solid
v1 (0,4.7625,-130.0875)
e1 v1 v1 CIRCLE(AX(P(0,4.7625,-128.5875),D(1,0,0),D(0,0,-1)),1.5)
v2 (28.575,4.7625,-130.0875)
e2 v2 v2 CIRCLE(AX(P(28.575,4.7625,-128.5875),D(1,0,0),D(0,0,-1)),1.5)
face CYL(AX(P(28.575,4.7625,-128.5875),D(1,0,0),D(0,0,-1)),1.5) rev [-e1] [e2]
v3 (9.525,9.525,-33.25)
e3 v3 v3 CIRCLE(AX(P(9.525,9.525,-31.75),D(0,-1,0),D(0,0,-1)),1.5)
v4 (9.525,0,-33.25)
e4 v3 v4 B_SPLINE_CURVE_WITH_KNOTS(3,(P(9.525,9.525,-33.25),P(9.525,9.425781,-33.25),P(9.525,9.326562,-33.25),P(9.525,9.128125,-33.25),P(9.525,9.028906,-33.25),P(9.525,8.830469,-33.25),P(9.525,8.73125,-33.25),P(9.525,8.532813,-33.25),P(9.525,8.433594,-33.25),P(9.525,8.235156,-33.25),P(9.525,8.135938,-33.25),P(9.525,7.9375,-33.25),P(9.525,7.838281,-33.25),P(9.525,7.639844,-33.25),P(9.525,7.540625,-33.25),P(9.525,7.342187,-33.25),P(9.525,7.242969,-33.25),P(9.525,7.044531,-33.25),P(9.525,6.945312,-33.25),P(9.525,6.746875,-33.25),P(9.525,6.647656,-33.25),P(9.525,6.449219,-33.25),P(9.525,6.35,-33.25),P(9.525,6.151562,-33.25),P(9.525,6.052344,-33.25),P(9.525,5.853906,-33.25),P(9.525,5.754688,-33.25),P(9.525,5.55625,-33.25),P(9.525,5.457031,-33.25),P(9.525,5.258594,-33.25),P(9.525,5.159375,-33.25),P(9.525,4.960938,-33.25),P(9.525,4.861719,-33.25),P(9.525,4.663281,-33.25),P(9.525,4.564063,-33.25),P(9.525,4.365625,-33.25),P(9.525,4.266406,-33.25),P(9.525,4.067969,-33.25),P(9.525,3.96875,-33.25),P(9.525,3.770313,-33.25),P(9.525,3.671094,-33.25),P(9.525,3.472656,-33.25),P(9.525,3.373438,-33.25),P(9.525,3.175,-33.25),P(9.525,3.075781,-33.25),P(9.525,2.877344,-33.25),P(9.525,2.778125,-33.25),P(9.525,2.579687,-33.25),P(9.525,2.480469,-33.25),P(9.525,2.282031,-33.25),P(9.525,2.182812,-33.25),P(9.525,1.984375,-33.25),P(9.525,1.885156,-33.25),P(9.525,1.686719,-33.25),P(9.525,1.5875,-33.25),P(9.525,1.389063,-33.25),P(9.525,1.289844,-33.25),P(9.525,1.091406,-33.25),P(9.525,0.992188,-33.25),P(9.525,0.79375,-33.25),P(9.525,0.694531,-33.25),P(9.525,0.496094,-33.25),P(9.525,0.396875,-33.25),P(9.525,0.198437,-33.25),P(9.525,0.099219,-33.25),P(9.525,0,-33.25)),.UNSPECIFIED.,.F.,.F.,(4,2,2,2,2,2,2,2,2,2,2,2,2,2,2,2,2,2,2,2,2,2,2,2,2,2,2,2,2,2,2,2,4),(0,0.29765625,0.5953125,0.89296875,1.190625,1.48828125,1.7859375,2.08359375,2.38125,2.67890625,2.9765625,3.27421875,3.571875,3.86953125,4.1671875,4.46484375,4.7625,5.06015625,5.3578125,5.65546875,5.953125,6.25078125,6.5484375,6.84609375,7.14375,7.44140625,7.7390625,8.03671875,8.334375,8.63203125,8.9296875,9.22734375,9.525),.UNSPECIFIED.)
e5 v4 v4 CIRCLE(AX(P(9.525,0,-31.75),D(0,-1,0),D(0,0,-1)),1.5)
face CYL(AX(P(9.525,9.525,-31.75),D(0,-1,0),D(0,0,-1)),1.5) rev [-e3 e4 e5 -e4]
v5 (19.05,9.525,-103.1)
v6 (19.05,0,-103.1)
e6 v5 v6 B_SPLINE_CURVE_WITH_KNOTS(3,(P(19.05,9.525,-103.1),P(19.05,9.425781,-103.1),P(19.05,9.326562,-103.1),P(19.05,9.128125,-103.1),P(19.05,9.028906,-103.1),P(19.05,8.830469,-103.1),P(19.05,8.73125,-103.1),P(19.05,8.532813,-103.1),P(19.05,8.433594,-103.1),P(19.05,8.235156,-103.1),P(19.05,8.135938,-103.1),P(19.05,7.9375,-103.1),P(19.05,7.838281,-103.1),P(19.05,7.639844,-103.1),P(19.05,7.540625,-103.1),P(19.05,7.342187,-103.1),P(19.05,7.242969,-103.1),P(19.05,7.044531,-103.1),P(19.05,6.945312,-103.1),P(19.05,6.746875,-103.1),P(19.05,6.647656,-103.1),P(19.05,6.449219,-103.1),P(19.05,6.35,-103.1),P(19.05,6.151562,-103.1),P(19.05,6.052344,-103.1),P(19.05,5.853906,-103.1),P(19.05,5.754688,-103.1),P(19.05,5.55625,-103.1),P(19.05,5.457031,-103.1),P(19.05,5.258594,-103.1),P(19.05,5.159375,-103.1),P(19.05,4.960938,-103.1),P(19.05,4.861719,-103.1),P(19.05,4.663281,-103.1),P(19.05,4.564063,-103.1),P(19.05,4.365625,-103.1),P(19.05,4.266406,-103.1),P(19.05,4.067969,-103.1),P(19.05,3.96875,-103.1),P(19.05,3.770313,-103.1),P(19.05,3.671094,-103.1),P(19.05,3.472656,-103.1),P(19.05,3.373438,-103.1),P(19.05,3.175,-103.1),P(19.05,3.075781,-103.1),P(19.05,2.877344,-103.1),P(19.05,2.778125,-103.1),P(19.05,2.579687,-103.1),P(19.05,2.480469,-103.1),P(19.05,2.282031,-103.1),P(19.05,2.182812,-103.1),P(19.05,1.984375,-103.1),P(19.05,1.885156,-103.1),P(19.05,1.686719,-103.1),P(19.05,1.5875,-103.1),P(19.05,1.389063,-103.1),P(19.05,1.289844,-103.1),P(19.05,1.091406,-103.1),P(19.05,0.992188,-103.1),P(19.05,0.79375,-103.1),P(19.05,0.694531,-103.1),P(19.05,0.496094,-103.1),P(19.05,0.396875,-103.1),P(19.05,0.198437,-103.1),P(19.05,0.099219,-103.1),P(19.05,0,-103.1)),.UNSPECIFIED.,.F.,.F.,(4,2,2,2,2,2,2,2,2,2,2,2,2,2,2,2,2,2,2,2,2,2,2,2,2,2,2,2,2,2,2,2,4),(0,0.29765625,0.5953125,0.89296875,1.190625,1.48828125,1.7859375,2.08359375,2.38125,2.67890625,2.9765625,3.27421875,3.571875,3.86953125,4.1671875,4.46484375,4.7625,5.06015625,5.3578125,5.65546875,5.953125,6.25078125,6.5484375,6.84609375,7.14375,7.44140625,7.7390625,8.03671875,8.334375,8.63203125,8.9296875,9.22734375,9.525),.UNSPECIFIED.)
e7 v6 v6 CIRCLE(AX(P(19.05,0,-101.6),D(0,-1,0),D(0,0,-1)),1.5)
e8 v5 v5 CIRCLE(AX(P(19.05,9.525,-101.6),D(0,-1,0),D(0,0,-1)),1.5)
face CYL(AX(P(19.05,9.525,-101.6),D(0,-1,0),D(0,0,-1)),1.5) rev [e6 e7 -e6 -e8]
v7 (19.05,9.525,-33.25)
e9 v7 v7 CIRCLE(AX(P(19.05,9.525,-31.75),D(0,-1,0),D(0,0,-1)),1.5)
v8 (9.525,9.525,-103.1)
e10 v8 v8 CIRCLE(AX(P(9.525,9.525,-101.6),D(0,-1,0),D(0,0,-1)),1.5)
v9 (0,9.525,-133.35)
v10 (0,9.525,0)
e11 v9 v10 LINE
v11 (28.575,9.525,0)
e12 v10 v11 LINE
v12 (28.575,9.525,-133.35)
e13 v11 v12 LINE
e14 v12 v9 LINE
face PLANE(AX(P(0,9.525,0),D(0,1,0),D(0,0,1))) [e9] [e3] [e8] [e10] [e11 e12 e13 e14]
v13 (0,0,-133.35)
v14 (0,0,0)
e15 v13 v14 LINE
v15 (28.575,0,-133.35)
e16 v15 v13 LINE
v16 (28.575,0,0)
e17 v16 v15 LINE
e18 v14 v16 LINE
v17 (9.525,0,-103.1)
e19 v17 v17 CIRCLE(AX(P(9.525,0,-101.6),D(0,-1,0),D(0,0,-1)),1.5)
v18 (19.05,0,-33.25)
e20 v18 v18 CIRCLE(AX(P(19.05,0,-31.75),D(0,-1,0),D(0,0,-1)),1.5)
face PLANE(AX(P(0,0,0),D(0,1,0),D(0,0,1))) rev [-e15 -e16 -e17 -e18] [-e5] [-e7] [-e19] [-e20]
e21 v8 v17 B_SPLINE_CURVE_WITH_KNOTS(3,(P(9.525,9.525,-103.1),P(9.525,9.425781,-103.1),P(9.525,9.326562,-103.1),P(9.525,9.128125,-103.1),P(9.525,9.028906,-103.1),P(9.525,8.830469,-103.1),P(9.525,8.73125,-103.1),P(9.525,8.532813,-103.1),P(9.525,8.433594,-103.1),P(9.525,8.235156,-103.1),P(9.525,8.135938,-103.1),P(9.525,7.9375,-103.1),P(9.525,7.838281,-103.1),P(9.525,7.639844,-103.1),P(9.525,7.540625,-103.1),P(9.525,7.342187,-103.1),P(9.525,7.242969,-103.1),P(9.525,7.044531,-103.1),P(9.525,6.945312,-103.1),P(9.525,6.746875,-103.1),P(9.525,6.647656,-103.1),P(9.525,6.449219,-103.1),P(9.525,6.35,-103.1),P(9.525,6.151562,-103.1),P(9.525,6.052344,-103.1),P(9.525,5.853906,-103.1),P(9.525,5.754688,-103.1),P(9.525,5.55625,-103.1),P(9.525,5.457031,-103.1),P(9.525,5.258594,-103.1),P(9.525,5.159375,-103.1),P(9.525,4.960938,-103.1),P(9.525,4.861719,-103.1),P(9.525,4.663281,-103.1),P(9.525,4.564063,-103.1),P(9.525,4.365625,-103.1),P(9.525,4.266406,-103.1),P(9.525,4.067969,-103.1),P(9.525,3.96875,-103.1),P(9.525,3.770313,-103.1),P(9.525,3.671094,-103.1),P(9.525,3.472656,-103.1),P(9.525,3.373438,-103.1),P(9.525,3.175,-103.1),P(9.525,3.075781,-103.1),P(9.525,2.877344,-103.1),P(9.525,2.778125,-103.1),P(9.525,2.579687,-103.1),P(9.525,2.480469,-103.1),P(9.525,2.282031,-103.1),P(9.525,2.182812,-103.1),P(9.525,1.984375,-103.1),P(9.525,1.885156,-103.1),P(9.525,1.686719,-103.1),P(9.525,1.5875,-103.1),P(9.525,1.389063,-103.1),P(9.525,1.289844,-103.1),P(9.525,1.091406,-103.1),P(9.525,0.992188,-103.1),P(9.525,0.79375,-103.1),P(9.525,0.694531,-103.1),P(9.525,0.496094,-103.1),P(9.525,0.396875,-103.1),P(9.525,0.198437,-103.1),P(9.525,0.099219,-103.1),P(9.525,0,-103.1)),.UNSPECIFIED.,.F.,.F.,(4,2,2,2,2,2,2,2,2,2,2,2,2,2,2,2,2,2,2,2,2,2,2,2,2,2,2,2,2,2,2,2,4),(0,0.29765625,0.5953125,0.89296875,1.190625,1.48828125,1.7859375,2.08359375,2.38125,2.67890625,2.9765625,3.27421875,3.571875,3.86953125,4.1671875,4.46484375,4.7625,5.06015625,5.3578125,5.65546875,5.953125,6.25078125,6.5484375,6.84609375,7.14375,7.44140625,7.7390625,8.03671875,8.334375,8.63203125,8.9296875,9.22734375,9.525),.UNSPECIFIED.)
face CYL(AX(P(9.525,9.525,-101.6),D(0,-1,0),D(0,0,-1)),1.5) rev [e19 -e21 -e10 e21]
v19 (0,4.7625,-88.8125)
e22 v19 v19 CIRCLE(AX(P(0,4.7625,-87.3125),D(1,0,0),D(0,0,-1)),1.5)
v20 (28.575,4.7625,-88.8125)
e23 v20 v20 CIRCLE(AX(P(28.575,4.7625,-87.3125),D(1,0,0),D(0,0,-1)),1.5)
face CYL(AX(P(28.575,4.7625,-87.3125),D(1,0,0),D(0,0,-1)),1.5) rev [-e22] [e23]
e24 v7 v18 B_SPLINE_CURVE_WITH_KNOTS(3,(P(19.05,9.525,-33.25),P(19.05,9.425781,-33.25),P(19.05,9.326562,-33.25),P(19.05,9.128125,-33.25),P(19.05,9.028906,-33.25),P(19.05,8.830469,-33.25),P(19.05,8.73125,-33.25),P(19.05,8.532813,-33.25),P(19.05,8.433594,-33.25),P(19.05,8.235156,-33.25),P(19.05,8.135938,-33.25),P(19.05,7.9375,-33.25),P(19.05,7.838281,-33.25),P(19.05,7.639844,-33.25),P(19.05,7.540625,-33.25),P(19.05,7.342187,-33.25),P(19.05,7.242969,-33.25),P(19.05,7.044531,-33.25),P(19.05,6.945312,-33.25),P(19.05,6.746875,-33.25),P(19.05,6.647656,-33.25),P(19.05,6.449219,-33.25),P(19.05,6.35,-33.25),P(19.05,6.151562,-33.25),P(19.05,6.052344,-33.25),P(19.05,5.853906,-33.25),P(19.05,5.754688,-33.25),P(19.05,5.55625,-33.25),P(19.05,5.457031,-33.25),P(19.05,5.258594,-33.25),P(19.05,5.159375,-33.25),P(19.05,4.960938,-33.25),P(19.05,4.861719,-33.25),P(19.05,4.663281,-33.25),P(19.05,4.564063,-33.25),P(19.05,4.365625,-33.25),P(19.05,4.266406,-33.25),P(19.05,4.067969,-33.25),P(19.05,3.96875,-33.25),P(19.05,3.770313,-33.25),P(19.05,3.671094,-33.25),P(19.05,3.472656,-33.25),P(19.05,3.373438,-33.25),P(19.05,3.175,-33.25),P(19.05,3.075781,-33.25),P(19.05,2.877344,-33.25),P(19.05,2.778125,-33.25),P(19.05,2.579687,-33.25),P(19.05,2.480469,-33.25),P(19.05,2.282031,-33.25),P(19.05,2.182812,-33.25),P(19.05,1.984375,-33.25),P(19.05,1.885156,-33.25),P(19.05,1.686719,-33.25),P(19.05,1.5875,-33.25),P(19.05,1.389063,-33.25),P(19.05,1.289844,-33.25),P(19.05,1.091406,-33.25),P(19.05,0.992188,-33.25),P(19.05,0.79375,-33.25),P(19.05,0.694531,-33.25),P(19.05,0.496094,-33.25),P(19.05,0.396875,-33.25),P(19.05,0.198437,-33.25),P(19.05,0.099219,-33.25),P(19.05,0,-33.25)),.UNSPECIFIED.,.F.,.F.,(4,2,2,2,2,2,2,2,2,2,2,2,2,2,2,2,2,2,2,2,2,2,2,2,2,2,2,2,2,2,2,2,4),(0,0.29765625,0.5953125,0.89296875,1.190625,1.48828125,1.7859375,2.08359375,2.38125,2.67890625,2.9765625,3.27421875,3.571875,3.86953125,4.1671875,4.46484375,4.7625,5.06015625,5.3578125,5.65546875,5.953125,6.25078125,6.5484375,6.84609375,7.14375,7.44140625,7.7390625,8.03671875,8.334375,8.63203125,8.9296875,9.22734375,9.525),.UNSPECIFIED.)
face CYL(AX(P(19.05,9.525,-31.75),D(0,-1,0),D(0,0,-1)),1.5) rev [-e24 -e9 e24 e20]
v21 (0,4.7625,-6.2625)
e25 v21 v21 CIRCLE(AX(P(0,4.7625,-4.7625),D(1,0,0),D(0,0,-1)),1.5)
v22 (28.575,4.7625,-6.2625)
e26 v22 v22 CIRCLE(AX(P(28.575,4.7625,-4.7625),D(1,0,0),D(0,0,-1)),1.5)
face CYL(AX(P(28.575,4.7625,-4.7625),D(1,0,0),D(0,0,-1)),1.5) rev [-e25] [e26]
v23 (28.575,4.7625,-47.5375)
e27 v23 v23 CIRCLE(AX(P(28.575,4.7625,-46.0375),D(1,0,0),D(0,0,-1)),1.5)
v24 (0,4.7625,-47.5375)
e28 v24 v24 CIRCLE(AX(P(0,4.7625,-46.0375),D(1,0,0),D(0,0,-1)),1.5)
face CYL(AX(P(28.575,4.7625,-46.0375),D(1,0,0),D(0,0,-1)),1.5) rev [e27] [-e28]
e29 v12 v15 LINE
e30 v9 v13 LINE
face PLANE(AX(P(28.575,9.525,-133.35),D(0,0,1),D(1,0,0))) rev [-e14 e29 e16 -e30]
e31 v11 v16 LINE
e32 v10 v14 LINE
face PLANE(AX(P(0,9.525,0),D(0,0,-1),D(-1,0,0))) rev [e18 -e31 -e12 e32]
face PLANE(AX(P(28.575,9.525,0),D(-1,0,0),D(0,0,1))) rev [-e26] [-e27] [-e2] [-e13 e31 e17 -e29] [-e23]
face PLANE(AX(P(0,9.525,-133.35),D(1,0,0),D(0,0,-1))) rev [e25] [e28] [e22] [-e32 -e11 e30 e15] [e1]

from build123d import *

# Parameters (mm, degrees)
SKETCH2_W             = 28.575
SKETCH2_H             = 133.35
BOSS_EXTRUDE1_DEPTH   = 9.525
F_3_0MM_DOWEL_HOLE1_D = 3
LPATTERN1_COUNT       = 4
LPATTERN1_PITCH       = 41.275
SKETCH8_R             = 1.5
CUT_EXTRUDE2_DEPTH    = 137.709468399


with BuildPart() as part:
    # Sketch2 → Boss-Extrude1 (new body)
    with BuildSketch(Plane(origin=(0, 0, 0), x_dir=(1, 0, 0), z_dir=(0, 1, 0))):
        with Locations((14.2875, 66.675)):
            Rectangle(SKETCH2_W, SKETCH2_H)
    extrude(amount=BOSS_EXTRUDE1_DEPTH)

    # Ø3.0mm Dowel Hole1 (through all)
    with Locations(Plane(origin=(28.575, 0, 0), x_dir=(0, 0, -1), z_dir=(1, 0, 0))):
        with Locations((4.7625, 4.7625)):
            f_3_0mm_dowel_hole1 = Hole(F_3_0MM_DOWEL_HOLE1_D / 2)

    # LPattern1: Ø3.0mm Dowel Hole1 ×4
    with Locations(*[(0, 0, -i * LPATTERN1_PITCH) for i in range(1, LPATTERN1_COUNT)]):
        add(f_3_0mm_dowel_hole1, mode=Mode.SUBTRACT)

    # Sketch8 → Cut-Extrude2 (cut, through all)
    with BuildSketch(Plane.XZ):
        with Locations(Location((9.525, -31.75, 0), (0, 0, 270))):
            Circle(SKETCH8_R)
        with Locations(Location((9.525, -101.6, 0), (0, 0, 270))):
            Circle(SKETCH8_R)
        with Locations(Location((19.05, -101.6, 0), (0, 0, 270))):
            Circle(SKETCH8_R)
        with Locations(Location((19.05, -31.75, 0), (0, 0, 270))):
            Circle(SKETCH8_R)
    extrude(amount=-CUT_EXTRUDE2_DEPTH, mode=Mode.SUBTRACT)


solid = part.part
